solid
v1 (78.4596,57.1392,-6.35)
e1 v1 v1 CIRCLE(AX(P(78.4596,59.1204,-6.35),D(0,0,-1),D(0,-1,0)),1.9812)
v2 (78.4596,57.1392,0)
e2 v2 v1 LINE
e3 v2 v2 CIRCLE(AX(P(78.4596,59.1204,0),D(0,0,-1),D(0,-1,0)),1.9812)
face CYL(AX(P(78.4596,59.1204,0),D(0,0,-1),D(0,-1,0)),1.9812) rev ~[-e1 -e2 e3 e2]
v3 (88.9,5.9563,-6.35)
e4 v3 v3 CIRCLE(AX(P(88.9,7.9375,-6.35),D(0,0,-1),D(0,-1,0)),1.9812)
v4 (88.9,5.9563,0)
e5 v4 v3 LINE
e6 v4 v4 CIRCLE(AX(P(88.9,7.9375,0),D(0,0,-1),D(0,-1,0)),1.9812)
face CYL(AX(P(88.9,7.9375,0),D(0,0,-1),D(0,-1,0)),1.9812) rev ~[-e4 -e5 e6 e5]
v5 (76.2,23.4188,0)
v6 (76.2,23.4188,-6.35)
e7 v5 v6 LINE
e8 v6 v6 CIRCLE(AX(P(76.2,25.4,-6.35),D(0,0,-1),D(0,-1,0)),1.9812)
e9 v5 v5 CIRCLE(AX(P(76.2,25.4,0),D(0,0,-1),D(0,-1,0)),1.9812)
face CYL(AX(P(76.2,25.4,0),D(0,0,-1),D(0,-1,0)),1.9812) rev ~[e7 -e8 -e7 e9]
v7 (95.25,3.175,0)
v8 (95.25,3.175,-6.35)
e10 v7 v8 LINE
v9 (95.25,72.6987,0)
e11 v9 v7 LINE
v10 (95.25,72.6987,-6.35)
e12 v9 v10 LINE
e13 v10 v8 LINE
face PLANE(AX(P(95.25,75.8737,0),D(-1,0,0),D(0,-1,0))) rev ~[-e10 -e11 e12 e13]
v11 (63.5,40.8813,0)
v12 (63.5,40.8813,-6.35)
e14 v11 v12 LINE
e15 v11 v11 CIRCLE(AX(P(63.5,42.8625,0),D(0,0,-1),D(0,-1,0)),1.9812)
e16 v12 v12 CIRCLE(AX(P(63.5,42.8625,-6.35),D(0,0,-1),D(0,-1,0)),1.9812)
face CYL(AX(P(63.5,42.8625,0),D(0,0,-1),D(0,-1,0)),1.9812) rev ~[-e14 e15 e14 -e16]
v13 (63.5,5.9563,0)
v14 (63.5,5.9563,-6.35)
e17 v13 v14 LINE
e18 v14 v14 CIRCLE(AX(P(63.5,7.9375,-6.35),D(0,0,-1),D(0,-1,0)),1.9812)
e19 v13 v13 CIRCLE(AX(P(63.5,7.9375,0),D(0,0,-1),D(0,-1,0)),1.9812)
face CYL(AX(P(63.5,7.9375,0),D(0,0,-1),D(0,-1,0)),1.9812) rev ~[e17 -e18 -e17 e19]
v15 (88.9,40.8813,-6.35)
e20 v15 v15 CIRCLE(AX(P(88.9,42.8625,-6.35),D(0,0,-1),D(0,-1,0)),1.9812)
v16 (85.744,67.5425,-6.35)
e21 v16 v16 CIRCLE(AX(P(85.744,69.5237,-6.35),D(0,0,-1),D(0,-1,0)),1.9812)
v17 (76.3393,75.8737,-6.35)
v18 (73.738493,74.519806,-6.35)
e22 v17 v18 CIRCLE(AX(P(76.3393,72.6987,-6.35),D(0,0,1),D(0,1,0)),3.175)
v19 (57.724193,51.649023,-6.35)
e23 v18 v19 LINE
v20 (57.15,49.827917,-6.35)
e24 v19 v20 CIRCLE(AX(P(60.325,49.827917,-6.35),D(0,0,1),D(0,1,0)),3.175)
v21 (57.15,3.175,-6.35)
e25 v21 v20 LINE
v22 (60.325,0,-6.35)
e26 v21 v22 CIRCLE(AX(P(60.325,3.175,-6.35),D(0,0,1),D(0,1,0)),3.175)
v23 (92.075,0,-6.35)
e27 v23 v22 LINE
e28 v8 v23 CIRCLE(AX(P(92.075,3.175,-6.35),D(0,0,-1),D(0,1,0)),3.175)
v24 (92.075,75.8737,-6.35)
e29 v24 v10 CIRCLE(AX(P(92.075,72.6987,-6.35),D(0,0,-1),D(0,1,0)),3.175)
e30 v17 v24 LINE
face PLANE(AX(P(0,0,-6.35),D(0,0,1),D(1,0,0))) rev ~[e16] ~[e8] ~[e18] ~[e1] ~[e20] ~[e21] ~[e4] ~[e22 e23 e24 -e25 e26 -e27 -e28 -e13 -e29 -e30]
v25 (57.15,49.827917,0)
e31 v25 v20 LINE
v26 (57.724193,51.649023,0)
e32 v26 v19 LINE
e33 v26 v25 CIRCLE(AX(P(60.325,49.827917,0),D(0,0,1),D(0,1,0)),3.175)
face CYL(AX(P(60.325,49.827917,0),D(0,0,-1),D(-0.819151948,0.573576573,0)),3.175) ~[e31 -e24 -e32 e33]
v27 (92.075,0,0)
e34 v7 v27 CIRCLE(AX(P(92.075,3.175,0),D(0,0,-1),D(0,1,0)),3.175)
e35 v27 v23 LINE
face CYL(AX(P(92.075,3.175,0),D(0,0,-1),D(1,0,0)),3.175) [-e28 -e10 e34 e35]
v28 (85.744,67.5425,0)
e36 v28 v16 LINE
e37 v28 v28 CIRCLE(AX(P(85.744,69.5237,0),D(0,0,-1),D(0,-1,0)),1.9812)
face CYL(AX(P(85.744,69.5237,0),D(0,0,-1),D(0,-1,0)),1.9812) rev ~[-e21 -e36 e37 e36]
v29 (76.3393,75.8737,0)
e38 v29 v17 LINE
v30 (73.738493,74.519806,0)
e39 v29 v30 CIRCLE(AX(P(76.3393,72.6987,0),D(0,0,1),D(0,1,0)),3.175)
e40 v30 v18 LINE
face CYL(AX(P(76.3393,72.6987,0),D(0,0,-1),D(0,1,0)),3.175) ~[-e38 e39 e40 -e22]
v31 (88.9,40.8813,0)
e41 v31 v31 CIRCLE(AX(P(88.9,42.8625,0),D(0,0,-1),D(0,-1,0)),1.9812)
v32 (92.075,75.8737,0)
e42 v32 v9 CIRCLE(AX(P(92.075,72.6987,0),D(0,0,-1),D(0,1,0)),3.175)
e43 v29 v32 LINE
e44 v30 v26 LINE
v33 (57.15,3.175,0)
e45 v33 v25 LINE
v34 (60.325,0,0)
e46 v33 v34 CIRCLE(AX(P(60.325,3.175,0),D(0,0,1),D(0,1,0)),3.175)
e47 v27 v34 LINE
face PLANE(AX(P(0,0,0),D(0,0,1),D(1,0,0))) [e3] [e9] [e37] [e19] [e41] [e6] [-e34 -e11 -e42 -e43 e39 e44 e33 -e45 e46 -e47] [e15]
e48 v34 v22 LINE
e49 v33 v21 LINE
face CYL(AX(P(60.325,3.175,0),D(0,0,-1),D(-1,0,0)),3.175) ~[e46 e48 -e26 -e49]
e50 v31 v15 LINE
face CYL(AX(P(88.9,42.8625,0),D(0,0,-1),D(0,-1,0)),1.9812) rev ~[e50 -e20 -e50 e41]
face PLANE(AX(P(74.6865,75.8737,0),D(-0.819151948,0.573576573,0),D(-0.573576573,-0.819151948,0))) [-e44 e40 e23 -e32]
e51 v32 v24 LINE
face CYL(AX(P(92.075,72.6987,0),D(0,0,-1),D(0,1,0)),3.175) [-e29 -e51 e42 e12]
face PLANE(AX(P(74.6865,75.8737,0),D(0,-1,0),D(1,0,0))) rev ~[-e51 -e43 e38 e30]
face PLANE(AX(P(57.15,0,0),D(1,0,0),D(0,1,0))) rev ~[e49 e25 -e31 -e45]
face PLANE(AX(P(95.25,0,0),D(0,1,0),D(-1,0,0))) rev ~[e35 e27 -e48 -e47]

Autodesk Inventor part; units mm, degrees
ref_plane "YZ Plane" through (0, 0, 0) normal (1, 0, 0) x (0, 1, 0)
ref_plane "XZ Plane" through (0, 0, 0) normal (0, 1, 0) x (-1, 0, 0)
ref_plane "XY Plane" through (0, 0, 0) normal (0, 0, 1) x (1, 0, 0)
sketch "Sketch1" plane through (0, 0, 0) normal (0, 0, 1) x (1, 0, 0)
  line L0 (0, 0) -> (355.6, 0) construction
  line L1 (355.6, 0) -> (355.6, 50.8) construction
  line L2 (355.6, 50.8) -> (0, 50.8) construction
  line L3 (0, 50.8) -> (0, 0) construction
  line L4 (57.1297, 50.8) -> (304.8, 404.5099) construction
  line L5 (304.8, 404.5099) -> (325.6065, 389.941) construction
  line L6 (325.6065, 389.941) -> (77.9362, 36.2312) construction
  line L7 (77.9362, 36.2312) -> (57.1297, 50.8) construction
  line L8 (355.6, 50.8) -> (304.8, 50.8) construction
  line L9 (304.8, 50.8) -> (304.8, 438.15) construction
  line L10 (304.8, 438.15) -> (355.6, 438.15) construction
  line L11 (355.6, 438.15) -> (355.6, 50.8) construction
  line L12 (57.15, 75.8737) -> (95.25, 75.8737)
  line L13 (95.25, 75.8737) -> (95.25, 0)
  line L14 (95.25, 0) -> (57.15, 0)
  line L15 (57.15, 0) -> (57.15, 75.8737)
  line L16 (320.675, 41.275) -> (288.925, 41.275) construction
  line L17 (288.925, 41.275) -> (288.925, 9.525) construction
  line L18 (288.925, 9.525) -> (320.675, 9.525) construction
  line L19 (320.675, 9.525) -> (320.675, 41.275) construction
  line L20 (234.95, 41.275) -> (203.2, 41.275) construction
  line L21 (203.2, 41.275) -> (203.2, 9.525) construction
  line L22 (203.2, 9.525) -> (234.95, 9.525) construction
  line L23 (234.95, 9.525) -> (234.95, 41.275) construction
  line L24 (67.5329, 43.5156) -> (111.2395, 105.935) construction
  circle A0 centre (63.5, 42.8625) radius 2.5527 construction
  line L25 (74.6865, 75.8737) -> (57.1297, 50.8)
  point P0 (88.1374, 50.8)
  point P1 (342.9, 42.8625)
  point P2 (330.2, 25.4)
  point P3 (342.9, 7.9375)
  point P4 (355.6, 25.4)
  point P5 (317.5, 42.8625)
  point P6 (304.8, 25.4)
  point P7 (317.5, 7.9375)
  point P8 (292.1, 42.8625)
  point P9 (279.4, 25.4)
  point P10 (292.1, 7.9375)
  point P11 (266.7, 42.8625)
  point P12 (254, 25.4)
  point P13 (266.7, 7.9375)
  point P14 (241.3, 42.8625)
  point P15 (228.6, 25.4)
  point P16 (241.3, 7.9375)
  point P17 (215.9, 42.8625)
  point P18 (203.2, 25.4)
  point P19 (215.9, 7.9375)
  point P20 (190.5, 42.8625)
  point P21 (177.8, 25.4)
  point P22 (190.5, 7.9375)
  point P23 (165.1, 42.8625)
  point P24 (152.4, 25.4)
  point P25 (165.1, 7.9375)
  point P26 (139.7, 42.8625)
  point P27 (127, 25.4)
  point P28 (139.7, 7.9375)
  point P29 (114.3, 42.8625)
  point P30 (101.6, 25.4)
  point P31 (114.3, 7.9375)
  point P32 (88.9, 42.8625)
  point P33 (76.2, 25.4)
  point P34 (88.9, 7.9375)
  point P35 (50.8, 25.4)
  point P36 (63.5, 7.9375)
  point P37 (38.1, 42.8625)
  point P38 (25.4, 25.4)
  point P39 (38.1, 7.9375)
  point P40 (12.7, 42.8625)
  point P41 (0, 25.4)
  point P42 (12.7, 7.9375)
  point P43 (-12.7, 42.8625)
  point P44 (-25.4, 25.4)
  point P45 (-12.7, 7.9375)
  point P46 (320.675, 25.4)
  point P47 (234.95, 25.4)
  point P48 (288.925, 25.4)
  point P49 (78.4596, 59.1204)
  point P50 (85.744, 69.5237)
  point P51 (93.0284, 79.9269)
  point P52 (100.3128, 90.3301)
  point P53 (57.15, 50.829)
  dimension "d0" = 50.8
  dimension "d1" = 355.6
  dimension "d2" = 55
  dimension "d3" = 25.4
  dimension "d4" = 50.8
  dimension "d5" = 387.35
  dimension "d6" = 431.8
  dimension "d10" = 12.7
  dimension "d11" = 7.9375
  dimension "d12" = 25.4
  dimension "d13" = 7.9375
  dimension "d16" = 25.4
  dimension "d21" = 34.925
  dimension "d22" = 31.75
  dimension "d23" = 31.75
  dimension "d24" = 31.75
  dimension "d25" = 120.65
  dimension "d26" = 31.75
  dimension "d27" = 76.2
  dimension "d28" = 19.05
  dimension "d31" = 12.7
  dimension "d37" = 6.35
  dimension "d38" = 6.35
  dimension "d39" = 6.35
  dimension "d40" = 5.1054
extrude "Extrusion1" add sketch "Sketch1" against normal blind 6.35 contours L12 L13 L14 L15 L25
hole "Hole1" at (342.9, 42.8625, 0) at (330.2, 25.4, 0) at (342.9, 7.9375, 0) at (317.5, 42.8625, 0) at (304.8, 25.4, 0) at (317.5, 7.9375, 0) at (292.1, 42.8625, 0) at (279.4, 25.4, 0) at (292.1, 7.9375, 0) at (266.7, 42.8625, 0) at (254, 25.4, 0) at (266.7, 7.9375, 0) at (241.3, 42.8625, 0) at (228.6, 25.4, 0) at (241.3, 7.9375, 0) at (215.9, 42.8625, 0) at (203.2, 25.4, 0) at (215.9, 7.9375, 0) at (190.5, 42.8625, 0) at (177.8, 25.4, 0) at (190.5, 7.9375, 0) at (165.1, 42.8625, 0) at (152.4, 25.4, 0) at (165.1, 7.9375, 0) at (139.7, 42.8625, 0) at (127, 25.4, 0) at (139.7, 7.9375, 0) at (114.3, 42.8625, 0) at (101.6, 25.4, 0) at (114.3, 7.9375, 0) at (88.9, 42.8625, 0) at (76.2, 25.4, 0) at (88.9, 7.9375, 0) at (63.5, 42.8625, 0) at (50.8, 25.4, 0) at (63.5, 7.9375, 0) at (38.1, 42.8625, 0) at (25.4, 25.4, 0) at (38.1, 7.9375, 0) at (12.7, 42.8625, 0) at (0, 25.4, 0) at (12.7, 7.9375, 0) at (-12.7, 42.8625, 0) at (-25.4, 25.4, 0) at (-12.7, 7.9375, 0) at (78.4596, 59.1204, 0) at (85.744, 69.5237, 0) at (93.0284, 79.9269, 0) at (100.3128, 90.3301, 0) direction (0, 0, -1) diameter 3.9624 end through all thread size "10-32 UNF" class "2B" standard "ANSI Unified Screw Threads"
fillet "Fillet1" radius 3.175 5 edges at (57.15, 0, -3.175) (95.25, 0, -3.175) (57.15, 50.829, -3.175) (74.6865, 75.8737, -3.175) (95.25, 75.8737, -3.175)
equation "\"d13\" = d11"
equation "\"d23\" = d22"
equation "\"d24\" = d22"
equation "\"d26\" = d22"
equation "\"d38\" = d37"
equation "\"d39\" = d37"
properties part number "CL7-012" material "Aluminum 6061"
